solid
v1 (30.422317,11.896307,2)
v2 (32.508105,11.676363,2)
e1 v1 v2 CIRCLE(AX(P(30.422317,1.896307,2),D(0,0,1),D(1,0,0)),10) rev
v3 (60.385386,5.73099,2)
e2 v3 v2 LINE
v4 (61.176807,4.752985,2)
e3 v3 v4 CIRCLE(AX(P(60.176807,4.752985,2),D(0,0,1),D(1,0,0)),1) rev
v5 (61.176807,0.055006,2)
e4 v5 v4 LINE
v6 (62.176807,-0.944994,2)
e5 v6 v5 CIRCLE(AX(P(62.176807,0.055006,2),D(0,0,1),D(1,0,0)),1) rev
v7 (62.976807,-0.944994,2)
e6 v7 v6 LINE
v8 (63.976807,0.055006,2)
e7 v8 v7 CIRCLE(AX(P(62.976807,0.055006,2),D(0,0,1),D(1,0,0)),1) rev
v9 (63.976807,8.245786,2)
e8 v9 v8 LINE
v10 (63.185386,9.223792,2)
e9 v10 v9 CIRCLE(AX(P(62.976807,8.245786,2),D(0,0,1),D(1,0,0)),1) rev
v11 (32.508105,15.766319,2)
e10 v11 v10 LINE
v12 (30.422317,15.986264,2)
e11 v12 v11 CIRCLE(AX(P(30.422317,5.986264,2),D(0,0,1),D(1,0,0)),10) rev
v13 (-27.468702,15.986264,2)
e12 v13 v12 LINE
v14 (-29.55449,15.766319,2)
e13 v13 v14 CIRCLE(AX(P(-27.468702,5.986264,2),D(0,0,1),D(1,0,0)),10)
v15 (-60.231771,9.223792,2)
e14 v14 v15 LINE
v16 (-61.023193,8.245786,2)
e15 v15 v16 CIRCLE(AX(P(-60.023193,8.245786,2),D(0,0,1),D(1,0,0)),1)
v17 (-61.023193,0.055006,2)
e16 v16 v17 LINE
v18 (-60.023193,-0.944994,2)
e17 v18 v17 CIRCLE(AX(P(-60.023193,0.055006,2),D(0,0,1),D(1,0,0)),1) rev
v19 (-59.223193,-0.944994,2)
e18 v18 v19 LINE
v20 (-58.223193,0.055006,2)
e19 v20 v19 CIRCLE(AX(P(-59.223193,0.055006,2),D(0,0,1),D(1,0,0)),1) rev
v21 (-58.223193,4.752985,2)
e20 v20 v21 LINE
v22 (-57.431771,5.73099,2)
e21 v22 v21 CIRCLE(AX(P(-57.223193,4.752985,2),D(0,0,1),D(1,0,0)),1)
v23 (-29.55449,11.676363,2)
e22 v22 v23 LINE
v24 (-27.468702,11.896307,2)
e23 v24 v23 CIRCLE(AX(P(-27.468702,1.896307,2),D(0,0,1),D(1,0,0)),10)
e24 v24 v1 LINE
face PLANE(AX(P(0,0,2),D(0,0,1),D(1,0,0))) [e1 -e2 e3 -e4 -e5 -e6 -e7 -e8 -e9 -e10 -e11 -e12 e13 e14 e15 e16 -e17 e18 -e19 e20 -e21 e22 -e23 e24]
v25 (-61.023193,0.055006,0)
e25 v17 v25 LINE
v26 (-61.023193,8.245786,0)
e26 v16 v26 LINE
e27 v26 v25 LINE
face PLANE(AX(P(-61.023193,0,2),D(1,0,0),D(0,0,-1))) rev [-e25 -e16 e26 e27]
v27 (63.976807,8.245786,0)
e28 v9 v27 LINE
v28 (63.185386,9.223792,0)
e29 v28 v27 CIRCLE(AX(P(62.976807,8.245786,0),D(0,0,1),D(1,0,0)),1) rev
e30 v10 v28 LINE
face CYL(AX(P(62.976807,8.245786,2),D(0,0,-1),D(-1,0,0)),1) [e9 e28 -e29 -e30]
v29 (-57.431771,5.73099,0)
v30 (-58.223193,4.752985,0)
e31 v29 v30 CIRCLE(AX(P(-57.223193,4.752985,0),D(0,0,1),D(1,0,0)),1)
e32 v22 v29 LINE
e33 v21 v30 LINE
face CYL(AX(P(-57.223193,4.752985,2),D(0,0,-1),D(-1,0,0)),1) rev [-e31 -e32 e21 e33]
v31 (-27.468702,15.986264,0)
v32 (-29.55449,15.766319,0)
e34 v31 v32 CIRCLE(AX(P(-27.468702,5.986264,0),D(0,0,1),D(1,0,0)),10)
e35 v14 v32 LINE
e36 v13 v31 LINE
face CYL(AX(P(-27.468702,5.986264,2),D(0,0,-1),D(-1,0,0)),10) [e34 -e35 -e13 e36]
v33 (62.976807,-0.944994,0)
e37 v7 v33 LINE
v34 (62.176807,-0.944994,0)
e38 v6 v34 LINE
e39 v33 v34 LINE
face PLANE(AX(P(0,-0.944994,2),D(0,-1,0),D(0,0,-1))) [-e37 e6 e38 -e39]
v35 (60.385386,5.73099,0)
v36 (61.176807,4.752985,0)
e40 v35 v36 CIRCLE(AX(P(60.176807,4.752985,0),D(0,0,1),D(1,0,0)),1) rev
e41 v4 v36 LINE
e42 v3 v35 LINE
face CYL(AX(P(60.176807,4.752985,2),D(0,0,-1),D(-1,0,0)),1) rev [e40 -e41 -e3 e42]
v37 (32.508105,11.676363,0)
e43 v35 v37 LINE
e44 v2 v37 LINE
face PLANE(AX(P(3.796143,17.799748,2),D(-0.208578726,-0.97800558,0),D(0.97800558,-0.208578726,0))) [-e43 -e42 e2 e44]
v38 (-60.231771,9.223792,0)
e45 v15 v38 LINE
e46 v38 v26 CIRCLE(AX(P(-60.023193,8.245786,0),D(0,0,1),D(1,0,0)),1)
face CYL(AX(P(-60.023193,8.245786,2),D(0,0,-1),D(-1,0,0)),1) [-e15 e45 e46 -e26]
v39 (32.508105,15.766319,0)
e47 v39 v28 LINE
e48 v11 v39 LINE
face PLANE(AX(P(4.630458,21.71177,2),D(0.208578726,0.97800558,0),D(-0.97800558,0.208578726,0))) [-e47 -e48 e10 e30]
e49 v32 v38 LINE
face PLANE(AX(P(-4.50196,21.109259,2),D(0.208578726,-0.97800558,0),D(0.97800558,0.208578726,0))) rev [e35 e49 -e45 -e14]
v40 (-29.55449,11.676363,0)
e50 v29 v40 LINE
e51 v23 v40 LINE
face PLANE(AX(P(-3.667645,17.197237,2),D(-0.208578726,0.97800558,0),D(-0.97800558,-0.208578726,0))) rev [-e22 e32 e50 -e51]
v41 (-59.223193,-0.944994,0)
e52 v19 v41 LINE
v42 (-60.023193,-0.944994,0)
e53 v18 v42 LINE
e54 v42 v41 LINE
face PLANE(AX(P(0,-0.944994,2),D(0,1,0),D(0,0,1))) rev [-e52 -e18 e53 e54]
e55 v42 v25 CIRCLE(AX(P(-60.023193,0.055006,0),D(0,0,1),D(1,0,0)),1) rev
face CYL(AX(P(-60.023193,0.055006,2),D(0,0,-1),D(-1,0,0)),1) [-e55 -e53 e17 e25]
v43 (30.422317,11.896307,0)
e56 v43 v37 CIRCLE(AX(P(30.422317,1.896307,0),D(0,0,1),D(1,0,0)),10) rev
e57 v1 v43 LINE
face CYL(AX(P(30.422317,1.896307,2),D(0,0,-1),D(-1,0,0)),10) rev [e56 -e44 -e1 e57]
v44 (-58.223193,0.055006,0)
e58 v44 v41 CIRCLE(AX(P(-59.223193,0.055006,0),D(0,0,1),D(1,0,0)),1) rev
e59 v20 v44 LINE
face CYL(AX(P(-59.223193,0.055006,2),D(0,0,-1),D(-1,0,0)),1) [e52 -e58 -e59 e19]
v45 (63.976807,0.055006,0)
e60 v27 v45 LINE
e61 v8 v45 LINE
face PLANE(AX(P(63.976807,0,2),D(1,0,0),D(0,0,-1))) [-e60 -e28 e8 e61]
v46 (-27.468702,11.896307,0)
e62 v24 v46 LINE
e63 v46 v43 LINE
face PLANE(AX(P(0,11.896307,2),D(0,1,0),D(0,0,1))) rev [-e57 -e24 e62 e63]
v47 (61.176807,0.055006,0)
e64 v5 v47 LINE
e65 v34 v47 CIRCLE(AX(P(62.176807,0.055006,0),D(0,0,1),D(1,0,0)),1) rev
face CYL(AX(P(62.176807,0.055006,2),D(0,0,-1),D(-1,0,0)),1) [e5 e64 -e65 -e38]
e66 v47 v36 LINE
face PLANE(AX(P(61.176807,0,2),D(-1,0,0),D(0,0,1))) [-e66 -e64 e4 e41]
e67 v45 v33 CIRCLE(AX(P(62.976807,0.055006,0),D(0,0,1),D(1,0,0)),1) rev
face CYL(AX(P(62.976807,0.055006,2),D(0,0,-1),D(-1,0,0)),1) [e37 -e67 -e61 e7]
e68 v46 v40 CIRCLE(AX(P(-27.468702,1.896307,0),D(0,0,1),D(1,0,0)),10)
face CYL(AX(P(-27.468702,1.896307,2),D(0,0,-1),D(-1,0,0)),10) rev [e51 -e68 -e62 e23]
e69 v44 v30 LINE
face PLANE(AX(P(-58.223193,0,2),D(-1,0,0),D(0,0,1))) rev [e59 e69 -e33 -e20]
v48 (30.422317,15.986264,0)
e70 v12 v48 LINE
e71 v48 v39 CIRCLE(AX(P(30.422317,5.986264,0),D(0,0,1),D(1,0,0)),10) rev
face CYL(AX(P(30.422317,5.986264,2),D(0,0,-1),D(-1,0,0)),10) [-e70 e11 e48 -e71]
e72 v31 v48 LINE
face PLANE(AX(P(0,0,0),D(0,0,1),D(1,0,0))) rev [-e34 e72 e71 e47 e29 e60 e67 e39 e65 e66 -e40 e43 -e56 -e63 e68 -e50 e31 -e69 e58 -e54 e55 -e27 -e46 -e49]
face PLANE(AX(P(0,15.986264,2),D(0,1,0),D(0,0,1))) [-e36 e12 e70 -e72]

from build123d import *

# Parameters (mm, degrees)
SALIENTE_EXTRUIR1_DEPTH = 2


with BuildPart() as part:
    # Croquis1 → Saliente-Extruir1 (new body)
    with BuildSketch(Plane.XY):
        with BuildLine():
            Line((-27.468702439, 15.986263571), (30.422317404, 15.986263571))
            ThreePointArc((30.422317404, 15.986263571), (31.470993229, 15.931125511), (32.508104664, 15.766319374))
            Line((32.508104664, 15.766319374), (63.185386208, 9.223791978))
            ThreePointArc((63.185386208, 9.223791978), (63.754167993, 8.874841751), (63.976807482, 8.245786398))
            Line((63.976807482, 8.245786398), (63.976807482, 0.055005987))
            ThreePointArc((63.976807482, 0.055005987), (63.683914264, -0.652100794), (62.976807482, -0.944994013))
            Line((62.976807482, -0.944994013), (62.176807482, -0.944994013))
            ThreePointArc((62.176807482, -0.944994013), (61.469700701, -0.652100794), (61.176807482, 0.055005987))
            Line((61.176807482, 0.055005987), (61.176807482, 4.752984684))
            ThreePointArc((61.176807482, 4.752984684), (60.954167993, 5.382040037), (60.385386208, 5.730990264))
            Line((60.385386208, 5.730990264), (32.508104664, 11.67636316))
            ThreePointArc((32.508104664, 11.67636316), (31.470993229, 11.841169298), (30.422317404, 11.896307357))
            Line((30.422317404, 11.896307357), (-27.468702439, 11.896307357))
            ThreePointArc((-27.468702439, 11.896307357), (-28.517378264, 11.841169298), (-29.554489699, 11.67636316))
            Line((-29.554489699, 11.67636316), (-57.431771244, 5.730990264))
            ThreePointArc((-57.431771244, 5.730990264), (-58.000553028, 5.382040037), (-58.223192518, 4.752984684))
            Line((-58.223192518, 4.752984684), (-58.223192518, 0.055005987))
            ThreePointArc((-58.223192518, 0.055005987), (-58.516085736, -0.652100794), (-59.223192518, -0.944994013))
            Line((-59.223192518, -0.944994013), (-60.023192518, -0.944994013))
            ThreePointArc((-60.023192518, -0.944994013), (-60.730299299, -0.652100794), (-61.023192518, 0.055005987))
            Line((-61.023192518, 0.055005987), (-61.023192518, 8.245786398))
            ThreePointArc((-61.023192518, 8.245786398), (-60.800553028, 8.874841751), (-60.231771244, 9.223791978))
            Line((-60.231771244, 9.223791978), (-29.554489699, 15.766319374))
            ThreePointArc((-29.554489699, 15.766319374), (-28.517378264, 15.931125511), (-27.468702439, 15.986263571))
        make_face()
    extrude(amount=SALIENTE_EXTRUIR1_DEPTH)


solid = part.part
